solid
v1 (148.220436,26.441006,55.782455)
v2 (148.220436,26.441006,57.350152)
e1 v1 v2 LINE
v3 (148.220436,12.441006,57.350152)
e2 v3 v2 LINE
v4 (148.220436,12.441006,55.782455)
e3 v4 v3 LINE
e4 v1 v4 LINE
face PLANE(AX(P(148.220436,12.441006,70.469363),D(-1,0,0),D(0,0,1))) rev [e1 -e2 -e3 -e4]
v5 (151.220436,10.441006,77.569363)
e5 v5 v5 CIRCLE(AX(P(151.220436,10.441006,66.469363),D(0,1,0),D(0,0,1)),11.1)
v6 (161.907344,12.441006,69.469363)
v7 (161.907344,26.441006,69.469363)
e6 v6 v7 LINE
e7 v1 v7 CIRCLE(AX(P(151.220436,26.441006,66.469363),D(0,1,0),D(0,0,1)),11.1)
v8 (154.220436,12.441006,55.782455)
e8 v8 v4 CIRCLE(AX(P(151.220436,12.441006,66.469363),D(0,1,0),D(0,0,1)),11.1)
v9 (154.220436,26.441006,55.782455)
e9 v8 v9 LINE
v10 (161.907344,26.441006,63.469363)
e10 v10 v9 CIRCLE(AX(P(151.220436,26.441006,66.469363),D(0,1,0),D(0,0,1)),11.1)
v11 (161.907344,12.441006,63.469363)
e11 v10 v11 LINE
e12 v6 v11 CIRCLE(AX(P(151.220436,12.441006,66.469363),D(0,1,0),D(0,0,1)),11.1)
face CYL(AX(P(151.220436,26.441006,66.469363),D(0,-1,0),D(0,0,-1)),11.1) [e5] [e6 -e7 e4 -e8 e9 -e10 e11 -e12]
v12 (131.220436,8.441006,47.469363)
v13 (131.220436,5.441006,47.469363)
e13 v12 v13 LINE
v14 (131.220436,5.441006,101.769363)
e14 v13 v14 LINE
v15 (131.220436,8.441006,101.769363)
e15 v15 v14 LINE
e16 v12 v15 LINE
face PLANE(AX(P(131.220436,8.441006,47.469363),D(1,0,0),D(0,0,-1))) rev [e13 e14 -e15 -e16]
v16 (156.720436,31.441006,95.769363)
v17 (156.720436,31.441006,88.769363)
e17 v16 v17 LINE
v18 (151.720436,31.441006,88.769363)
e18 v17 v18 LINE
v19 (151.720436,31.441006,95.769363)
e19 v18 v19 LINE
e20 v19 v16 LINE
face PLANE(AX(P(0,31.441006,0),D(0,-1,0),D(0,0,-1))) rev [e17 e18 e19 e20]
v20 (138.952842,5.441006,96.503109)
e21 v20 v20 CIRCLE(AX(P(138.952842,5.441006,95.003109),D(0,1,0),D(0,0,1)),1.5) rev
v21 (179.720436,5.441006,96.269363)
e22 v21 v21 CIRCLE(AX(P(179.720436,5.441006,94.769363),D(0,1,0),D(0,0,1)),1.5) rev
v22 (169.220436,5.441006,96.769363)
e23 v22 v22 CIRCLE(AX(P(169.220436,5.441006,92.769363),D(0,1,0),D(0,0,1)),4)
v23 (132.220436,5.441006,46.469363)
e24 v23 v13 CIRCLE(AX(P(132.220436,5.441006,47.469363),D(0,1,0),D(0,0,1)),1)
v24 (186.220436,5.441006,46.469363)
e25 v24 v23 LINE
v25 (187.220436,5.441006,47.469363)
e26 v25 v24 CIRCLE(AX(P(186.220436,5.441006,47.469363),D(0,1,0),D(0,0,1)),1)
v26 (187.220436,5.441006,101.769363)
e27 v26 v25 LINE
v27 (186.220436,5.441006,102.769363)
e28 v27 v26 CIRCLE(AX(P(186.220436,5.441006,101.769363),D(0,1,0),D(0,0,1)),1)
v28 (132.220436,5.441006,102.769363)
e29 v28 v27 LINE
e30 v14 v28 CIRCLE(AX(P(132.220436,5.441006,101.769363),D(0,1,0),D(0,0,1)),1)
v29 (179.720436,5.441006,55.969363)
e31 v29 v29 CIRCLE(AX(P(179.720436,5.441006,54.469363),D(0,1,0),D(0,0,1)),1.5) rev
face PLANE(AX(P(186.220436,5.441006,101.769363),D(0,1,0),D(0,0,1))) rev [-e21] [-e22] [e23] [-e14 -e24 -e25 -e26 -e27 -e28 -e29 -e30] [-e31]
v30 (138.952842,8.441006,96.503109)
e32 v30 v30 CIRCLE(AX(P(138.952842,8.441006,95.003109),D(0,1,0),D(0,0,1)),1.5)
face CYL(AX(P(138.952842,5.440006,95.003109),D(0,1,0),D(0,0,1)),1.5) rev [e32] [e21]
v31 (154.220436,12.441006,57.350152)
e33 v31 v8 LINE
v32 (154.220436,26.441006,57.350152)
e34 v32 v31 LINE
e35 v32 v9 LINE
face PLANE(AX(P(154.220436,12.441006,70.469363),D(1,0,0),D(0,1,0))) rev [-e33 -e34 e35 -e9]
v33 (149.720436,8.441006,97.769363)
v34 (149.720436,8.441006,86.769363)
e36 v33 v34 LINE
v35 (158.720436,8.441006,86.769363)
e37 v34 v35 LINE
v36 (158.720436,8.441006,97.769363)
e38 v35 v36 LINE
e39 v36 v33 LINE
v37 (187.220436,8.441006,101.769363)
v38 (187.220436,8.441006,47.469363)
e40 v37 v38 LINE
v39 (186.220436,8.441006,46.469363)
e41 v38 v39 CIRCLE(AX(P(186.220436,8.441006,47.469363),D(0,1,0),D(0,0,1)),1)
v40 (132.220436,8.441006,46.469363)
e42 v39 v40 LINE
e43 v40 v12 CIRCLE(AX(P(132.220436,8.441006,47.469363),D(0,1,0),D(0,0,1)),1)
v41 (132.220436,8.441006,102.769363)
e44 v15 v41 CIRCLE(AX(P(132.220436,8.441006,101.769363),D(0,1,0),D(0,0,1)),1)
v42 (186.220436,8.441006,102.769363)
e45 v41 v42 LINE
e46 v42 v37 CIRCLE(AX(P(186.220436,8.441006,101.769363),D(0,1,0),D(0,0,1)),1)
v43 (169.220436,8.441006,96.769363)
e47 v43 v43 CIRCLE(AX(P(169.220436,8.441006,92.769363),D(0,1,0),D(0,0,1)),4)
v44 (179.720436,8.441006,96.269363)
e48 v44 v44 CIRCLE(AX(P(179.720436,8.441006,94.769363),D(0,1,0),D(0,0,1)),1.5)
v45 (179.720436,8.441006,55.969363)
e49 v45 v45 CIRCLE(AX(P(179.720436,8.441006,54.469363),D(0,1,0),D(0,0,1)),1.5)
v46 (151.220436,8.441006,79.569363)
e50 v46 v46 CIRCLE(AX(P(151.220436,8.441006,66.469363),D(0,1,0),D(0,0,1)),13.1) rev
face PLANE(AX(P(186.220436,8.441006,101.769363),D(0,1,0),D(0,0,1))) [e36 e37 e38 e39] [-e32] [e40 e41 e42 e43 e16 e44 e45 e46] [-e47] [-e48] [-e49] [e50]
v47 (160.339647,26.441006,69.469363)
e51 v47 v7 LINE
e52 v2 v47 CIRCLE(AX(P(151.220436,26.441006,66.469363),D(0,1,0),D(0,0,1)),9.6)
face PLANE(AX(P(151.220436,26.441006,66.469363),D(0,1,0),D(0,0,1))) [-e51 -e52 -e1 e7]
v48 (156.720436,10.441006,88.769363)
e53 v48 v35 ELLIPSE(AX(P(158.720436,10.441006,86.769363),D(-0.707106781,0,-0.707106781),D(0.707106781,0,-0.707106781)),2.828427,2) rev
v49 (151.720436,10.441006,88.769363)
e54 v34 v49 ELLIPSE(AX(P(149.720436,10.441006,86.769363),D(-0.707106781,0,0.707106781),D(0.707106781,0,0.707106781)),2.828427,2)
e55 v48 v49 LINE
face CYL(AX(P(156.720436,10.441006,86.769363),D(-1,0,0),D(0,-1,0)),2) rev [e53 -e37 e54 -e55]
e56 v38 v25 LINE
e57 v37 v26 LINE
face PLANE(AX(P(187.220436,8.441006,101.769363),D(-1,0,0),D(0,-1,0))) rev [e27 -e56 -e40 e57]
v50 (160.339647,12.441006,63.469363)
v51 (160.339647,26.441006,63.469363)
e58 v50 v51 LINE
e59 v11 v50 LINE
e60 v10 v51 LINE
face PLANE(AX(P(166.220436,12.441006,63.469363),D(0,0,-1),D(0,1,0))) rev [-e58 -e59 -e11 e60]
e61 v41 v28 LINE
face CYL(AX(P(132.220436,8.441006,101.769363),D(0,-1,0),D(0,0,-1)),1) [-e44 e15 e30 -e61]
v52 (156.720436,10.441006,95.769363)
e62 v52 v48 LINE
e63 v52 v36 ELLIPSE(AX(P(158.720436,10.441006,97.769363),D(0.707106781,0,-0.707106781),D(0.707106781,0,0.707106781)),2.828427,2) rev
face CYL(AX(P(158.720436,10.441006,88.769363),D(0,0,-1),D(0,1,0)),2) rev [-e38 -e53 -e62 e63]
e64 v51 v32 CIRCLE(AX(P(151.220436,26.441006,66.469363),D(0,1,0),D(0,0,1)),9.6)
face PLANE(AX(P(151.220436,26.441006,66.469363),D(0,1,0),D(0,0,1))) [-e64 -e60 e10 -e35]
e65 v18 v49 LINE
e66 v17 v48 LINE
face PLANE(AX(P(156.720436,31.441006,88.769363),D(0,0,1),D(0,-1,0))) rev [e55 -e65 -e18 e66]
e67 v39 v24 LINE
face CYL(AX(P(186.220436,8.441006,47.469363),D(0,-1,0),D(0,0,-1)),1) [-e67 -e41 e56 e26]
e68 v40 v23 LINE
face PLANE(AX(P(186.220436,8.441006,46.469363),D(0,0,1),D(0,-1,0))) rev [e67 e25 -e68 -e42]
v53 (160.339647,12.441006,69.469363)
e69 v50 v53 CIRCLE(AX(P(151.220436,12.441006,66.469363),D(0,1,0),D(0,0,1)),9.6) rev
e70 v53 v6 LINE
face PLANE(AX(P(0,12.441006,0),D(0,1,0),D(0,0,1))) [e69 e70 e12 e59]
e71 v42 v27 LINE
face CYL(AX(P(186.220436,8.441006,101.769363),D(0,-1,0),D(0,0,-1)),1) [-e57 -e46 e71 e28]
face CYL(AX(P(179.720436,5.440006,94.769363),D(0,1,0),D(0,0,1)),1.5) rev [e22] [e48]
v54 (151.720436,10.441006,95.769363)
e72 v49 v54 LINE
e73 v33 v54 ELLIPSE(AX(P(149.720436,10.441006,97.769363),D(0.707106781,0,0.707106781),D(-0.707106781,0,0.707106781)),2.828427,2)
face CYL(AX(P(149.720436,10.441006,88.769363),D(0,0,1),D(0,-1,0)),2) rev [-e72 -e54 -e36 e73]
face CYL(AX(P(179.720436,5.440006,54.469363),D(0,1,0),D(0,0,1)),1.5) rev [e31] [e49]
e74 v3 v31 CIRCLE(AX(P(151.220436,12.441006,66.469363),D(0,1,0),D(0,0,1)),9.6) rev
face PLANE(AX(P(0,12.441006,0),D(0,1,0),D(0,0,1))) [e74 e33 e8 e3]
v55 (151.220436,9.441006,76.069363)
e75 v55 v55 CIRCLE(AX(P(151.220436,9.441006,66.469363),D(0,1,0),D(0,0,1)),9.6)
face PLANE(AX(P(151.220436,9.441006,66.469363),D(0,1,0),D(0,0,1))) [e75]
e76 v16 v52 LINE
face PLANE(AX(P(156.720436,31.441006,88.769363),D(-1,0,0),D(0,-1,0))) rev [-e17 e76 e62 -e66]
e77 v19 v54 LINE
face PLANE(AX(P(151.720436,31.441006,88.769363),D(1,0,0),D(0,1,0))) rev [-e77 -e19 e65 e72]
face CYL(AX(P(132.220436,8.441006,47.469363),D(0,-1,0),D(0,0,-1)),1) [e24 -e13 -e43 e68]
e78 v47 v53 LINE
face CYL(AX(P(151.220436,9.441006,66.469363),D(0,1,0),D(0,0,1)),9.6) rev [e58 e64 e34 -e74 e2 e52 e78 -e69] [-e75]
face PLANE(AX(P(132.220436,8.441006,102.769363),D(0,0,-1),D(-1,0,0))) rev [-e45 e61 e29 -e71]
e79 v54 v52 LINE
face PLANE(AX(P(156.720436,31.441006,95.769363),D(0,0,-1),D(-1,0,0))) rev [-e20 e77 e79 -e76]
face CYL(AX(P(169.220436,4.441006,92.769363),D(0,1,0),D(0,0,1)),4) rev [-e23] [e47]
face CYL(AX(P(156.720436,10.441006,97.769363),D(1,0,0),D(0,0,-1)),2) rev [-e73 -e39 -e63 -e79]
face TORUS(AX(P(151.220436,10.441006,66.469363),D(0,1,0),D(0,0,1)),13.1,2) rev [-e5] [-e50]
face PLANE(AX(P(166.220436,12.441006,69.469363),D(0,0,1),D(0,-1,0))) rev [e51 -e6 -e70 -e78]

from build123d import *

# Parameters (mm, degrees)
BOSS_EXTRUDE1_DEPTH = 3
SKETCH2_R           = 11.1
BOSS_EXTRUDE2_DEPTH = 18
SKETCH3_R           = 9.6
CUT_EXTRUDE1_DEPTH  = 17
FILLET1_R           = 2
SKETCH4_W           = 10
SKETCH4_H           = 6
SKETCH4_W_2         = 6
SKETCH4_H_2         = 18
CUT_EXTRUDE2_DEPTH  = 14
SKETCH5_R           = 4
CUT_EXTRUDE3_DEPTH  = 4
CUT_EXTRUDE4_REACH  = 5
SKETCH6_R           = 1.5
SKETCH7_W           = 5
SKETCH7_H           = 7
BOSS_EXTRUDE3_DEPTH = 23
FILLET2_R           = 2


with BuildPart() as part:
    # Sketch1 → Boss-Extrude1 (new body)
    with BuildSketch(Plane(origin=(0, 5.44100589, 0), x_dir=(-0.502299233, 0, -0.864693865), z_dir=(0, 1, 0))):
        with BuildLine():
            Line((-182.040025286, -110.769690041), (-135.087148398, -138.044538379))
            ThreePointArc((-135.087148398, -138.044538379), (-134.328597463, -138.146454603), (-133.720155299, -137.682143746))
            Line((-133.720155299, -137.682143746), (-106.595996731, -90.988675017))
            ThreePointArc((-106.595996731, -90.988675017), (-106.494080507, -90.230124082), (-106.958391364, -89.621681919))
            Line((-106.958391364, -89.621681919), (-153.911268252, -62.346833581))
            ThreePointArc((-153.911268252, -62.346833581), (-154.669819187, -62.244917357), (-155.27826135, -62.709228213))
            Line((-155.27826135, -62.709228213), (-182.402419919, -109.402696943))
            ThreePointArc((-182.402419919, -109.402696943), (-182.504336143, -110.161247877), (-182.040025286, -110.769690041))
        make_face()
    extrude(amount=BOSS_EXTRUDE1_DEPTH)

    # Sketch2 → Boss-Extrude2 (add)
    with BuildSketch(Plane(origin=(0, 8.44100589, 0), x_dir=(1, 0, 0), z_dir=(0, 1, 0))):
        with Locations((151.220436476, -66.469362794)):
            Circle(SKETCH2_R)
    extrude(amount=BOSS_EXTRUDE2_DEPTH)

    # Sketch3 → Cut-Extrude1 (cut)
    with BuildSketch(Plane(origin=(0, 26.44100589, 0), x_dir=(1, 0, 0), z_dir=(0, 1, 0))):
        with Locations((151.220436476, -66.469362794)):
            Circle(SKETCH3_R)
    extrude(amount=-CUT_EXTRUDE1_DEPTH, mode=Mode.SUBTRACT)

    # Fillet1
    fillet1_edges = [part.edges().sort_by_distance(p)[0] for p in [
        (140.120436476, 8.44100589, 66.469362794),
    ]]
    fillet(fillet1_edges, radius=FILLET1_R)

    # Sketch4 → Cut-Extrude2 (cut)
    with BuildSketch(Plane(origin=(0, 26.44100589, 0), x_dir=(1, 0, 0), z_dir=(0, 1, 0))):
        with Locations((161.220436476, -66.469362794)):
            Rectangle(SKETCH4_W, SKETCH4_H)
        with Locations((151.220436476, -61.469362794)):
            Rectangle(SKETCH4_W_2, SKETCH4_H_2)
    extrude(amount=-CUT_EXTRUDE2_DEPTH, mode=Mode.SUBTRACT)

    # Sketch5 → Cut-Extrude3 (cut)
    with BuildSketch(Plane(origin=(0, 8.44100589, 0), x_dir=(1, 0, 0), z_dir=(0, 1, 0))):
        with Locations((169.220436476, -92.769362794)):
            Circle(SKETCH5_R)
    extrude(amount=-CUT_EXTRUDE3_DEPTH, mode=Mode.SUBTRACT)

    # Sketch6 → Cut-Extrude4 (cut, up to next)
    with BuildSketch(Plane(origin=(0, 8.44100589, 0), x_dir=(1, 0, 0), z_dir=(0, 1, 0)), mode=Mode.PRIVATE) as cut_extrude4_sk1:
        with Locations((179.720436476, -54.469362794)):
            Circle(SKETCH6_R)
    cut_extrude4_tool1 = extrude(cut_extrude4_sk1.sketch, amount=-CUT_EXTRUDE4_REACH, mode=Mode.PRIVATE) & part.part
    add(cut_extrude4_tool1.solids().sort_by_distance((179.720436, 8.441006, 54.469363))[0], mode=Mode.SUBTRACT)
    # Sketch6 → Cut-Extrude4 (cut, up to next)
    with BuildSketch(Plane(origin=(0, 8.44100589, 0), x_dir=(1, 0, 0), z_dir=(0, 1, 0)), mode=Mode.PRIVATE) as cut_extrude4_sk2:
        with Locations((179.720436476, -94.769362794)):
            Circle(SKETCH6_R)
    cut_extrude4_tool2 = extrude(cut_extrude4_sk2.sketch, amount=-CUT_EXTRUDE4_REACH, mode=Mode.PRIVATE) & part.part
    add(cut_extrude4_tool2.solids().sort_by_distance((179.720436, 8.441006, 94.769363))[0], mode=Mode.SUBTRACT)
    # Sketch6 → Cut-Extrude4 (cut, up to next)
    with BuildSketch(Plane(origin=(0, 8.44100589, 0), x_dir=(1, 0, 0), z_dir=(0, 1, 0)), mode=Mode.PRIVATE) as cut_extrude4_sk3:
        with Locations((138.952841808, -95.003108927)):
            Circle(SKETCH6_R)
    cut_extrude4_tool3 = extrude(cut_extrude4_sk3.sketch, amount=-CUT_EXTRUDE4_REACH, mode=Mode.PRIVATE) & part.part
    add(cut_extrude4_tool3.solids().sort_by_distance((138.952842, 8.441006, 95.003109))[0], mode=Mode.SUBTRACT)

    # Sketch7 → Boss-Extrude3 (add)
    with BuildSketch(Plane(origin=(0, 8.44100589, 0), x_dir=(1, 0, 0), z_dir=(0, 1, 0))):
        with Locations((154.220436476, -92.269362794)):
            Rectangle(SKETCH7_W, SKETCH7_H)
    extrude(amount=BOSS_EXTRUDE3_DEPTH)

    # Fillet2
    fillet2_edges = [part.edges().sort_by_distance(p)[0] for p in [
        (156.720436476, 8.44100589, 92.269362794),
        (154.220436476, 8.44100589, 88.769362794),
        (151.720436476, 8.44100589, 92.269362794),
        (154.220436476, 8.44100589, 95.769362794),
    ]]
    fillet(fillet2_edges, radius=FILLET2_R)


solid = part.part
